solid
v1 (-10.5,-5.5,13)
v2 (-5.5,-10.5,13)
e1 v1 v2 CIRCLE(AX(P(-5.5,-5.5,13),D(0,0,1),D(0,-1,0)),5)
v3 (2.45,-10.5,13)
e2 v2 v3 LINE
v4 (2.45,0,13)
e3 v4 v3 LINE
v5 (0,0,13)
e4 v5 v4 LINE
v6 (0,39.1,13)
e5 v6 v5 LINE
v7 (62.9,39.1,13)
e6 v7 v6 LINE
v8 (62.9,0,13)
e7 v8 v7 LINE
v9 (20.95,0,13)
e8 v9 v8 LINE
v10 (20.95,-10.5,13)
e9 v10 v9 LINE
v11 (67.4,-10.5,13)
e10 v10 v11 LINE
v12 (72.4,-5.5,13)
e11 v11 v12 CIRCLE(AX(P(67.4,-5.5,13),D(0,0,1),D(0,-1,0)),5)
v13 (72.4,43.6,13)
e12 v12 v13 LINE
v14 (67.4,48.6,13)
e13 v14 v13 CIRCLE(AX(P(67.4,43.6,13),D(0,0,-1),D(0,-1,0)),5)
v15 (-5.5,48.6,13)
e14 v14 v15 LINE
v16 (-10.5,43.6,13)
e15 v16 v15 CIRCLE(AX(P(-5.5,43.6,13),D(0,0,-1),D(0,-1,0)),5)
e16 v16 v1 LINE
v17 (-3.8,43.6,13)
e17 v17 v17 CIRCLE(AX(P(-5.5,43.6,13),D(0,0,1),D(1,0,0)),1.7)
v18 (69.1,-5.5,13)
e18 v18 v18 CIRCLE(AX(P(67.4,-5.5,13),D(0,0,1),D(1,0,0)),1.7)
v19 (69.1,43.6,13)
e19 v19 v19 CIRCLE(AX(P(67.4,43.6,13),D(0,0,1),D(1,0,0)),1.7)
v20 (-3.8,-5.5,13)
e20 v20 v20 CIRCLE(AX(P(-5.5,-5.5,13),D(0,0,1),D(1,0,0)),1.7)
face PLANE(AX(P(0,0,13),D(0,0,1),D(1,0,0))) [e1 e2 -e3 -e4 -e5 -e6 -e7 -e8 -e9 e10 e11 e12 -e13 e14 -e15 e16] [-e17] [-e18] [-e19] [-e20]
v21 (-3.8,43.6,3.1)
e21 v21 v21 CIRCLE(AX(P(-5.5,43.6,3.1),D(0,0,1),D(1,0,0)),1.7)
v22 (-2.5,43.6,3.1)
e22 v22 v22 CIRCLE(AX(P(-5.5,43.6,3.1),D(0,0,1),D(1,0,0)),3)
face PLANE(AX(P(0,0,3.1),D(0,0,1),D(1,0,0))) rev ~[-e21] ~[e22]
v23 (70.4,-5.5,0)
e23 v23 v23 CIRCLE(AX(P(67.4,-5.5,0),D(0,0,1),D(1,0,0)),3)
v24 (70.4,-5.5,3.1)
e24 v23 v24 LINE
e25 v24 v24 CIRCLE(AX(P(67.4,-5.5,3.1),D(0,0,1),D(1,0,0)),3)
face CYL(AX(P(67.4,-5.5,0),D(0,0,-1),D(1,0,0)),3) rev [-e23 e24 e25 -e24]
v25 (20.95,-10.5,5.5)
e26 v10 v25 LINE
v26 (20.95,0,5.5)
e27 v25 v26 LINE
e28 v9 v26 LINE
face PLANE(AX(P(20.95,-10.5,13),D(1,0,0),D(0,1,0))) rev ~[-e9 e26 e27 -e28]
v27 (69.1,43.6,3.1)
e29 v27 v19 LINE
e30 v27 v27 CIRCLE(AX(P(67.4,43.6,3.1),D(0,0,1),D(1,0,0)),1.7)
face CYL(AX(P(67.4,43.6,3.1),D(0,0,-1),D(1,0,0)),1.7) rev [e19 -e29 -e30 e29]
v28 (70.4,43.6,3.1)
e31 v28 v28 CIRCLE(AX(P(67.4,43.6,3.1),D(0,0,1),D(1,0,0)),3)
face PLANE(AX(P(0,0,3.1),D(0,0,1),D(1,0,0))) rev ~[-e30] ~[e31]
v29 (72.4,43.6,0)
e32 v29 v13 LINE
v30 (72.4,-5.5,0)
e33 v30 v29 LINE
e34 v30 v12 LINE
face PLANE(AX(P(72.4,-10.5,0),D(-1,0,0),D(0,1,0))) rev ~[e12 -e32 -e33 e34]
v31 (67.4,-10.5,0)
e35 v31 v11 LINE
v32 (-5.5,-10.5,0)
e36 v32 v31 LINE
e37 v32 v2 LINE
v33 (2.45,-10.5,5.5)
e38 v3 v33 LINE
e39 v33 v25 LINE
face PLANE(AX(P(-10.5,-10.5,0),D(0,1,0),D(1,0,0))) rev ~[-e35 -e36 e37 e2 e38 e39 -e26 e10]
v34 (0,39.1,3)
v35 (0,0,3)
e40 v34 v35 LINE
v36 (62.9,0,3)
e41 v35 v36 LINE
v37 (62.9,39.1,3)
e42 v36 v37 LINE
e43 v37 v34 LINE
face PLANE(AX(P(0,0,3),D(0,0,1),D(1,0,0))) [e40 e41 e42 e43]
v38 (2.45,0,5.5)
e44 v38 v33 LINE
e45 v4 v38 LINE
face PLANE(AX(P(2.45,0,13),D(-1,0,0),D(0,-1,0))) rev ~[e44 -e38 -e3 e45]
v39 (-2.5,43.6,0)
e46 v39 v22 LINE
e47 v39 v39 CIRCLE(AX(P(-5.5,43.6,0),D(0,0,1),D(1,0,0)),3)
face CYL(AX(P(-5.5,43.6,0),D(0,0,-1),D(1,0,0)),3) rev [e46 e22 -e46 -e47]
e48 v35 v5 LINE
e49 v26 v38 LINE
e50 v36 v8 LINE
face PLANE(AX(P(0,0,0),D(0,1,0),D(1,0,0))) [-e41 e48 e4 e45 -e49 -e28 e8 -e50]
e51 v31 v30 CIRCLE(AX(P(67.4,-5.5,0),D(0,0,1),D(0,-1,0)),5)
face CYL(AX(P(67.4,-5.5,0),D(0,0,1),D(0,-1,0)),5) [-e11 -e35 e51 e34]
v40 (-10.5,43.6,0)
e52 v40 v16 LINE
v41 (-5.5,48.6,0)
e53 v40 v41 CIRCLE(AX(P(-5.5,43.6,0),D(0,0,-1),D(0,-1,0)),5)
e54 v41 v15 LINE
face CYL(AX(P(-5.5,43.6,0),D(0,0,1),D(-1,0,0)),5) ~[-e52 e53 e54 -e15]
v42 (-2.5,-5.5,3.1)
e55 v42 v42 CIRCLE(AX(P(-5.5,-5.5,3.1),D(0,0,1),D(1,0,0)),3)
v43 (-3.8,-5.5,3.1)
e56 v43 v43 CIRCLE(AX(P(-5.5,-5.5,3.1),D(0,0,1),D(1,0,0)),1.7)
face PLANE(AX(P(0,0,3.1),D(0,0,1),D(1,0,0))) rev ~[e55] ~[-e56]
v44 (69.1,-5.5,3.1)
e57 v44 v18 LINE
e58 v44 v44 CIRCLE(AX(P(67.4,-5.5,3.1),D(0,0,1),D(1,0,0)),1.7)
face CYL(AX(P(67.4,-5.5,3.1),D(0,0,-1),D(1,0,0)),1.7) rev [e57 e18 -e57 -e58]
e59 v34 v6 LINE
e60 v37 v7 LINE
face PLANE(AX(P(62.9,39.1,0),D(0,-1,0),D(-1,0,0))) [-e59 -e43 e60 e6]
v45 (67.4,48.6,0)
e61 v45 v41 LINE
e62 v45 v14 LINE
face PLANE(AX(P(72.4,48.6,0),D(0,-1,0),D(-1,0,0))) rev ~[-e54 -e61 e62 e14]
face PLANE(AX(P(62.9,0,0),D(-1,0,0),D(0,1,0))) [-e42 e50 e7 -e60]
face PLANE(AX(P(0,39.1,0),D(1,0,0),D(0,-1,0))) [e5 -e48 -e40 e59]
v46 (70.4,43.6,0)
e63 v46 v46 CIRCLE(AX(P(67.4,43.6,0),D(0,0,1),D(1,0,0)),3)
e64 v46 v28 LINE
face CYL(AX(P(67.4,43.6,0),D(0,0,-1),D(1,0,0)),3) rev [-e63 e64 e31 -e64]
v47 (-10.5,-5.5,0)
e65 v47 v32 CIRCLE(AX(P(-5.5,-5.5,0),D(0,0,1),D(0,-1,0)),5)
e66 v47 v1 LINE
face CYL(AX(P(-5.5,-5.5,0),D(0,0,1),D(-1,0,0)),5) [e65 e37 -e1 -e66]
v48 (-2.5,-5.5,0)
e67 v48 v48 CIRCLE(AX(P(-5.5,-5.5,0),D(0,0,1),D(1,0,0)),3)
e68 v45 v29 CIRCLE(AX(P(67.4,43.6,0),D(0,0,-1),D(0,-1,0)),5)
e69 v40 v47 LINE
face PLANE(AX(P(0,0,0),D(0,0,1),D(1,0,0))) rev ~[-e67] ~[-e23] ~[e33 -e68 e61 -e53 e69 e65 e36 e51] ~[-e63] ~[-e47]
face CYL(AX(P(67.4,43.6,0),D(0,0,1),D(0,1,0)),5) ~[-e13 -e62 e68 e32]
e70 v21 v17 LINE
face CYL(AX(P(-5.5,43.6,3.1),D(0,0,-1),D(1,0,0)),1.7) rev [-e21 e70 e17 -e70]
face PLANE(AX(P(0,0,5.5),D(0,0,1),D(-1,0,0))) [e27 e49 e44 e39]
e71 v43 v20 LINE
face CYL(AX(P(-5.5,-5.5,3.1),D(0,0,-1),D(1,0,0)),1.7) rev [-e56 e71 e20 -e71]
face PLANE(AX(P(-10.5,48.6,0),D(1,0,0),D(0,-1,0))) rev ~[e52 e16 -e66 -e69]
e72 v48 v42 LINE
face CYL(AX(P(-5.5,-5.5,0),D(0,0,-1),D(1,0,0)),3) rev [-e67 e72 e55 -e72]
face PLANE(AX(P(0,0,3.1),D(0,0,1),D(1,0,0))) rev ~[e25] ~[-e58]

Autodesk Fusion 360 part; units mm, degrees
sketch "Esboço1" plane through (0, 0, 0) normal (0, 0, 1) x (1, 0, 0) in component "VibePad Gaming"
  line L0 (0, 0) -> (62.9, 0)
  line L1 (62.9, 0) -> (62.9, 39.1)
  line L2 (62.9, 39.1) -> (0, 39.1)
  line L3 (0, 39.1) -> (0, 0)
  line L4 (-10.5, -10.5) -> (72.4, -10.5)
  line L5 (72.4, -10.5) -> (72.4, 48.6)
  line L6 (72.4, 48.6) -> (-10.5, 48.6)
  line L7 (-10.5, 48.6) -> (-10.5, -10.5)
  circle A0 centre (-5.5, 43.6) radius 1.7
  circle A1 centre (67.4, 43.6) radius 1.7
  circle A2 centre (67.4, -5.5) radius 1.7
  circle A3 centre (-5.5, -5.5) radius 1.7
  circle A4 centre (67.4, -5.5) radius 3
  circle A5 centre (67.4, 43.6) radius 3
  circle A6 centre (-5.5, 43.6) radius 3
  circle A7 centre (-5.5, -5.5) radius 3
  dimension "d1" = 62.9
  dimension "d2" = 39.1
  dimension "d3" = 82.9
  dimension "d4" = 59.1
  dimension "d5" = 9.5
  dimension "d6" = 9.5
  dimension "d7" = 3.4
  dimension "d8" = 3.4
  dimension "d9" = 3.4
  dimension "d10" = 3.4
  dimension "d11" = 5
  dimension "d12" = 5
  dimension "d13" = 5
  dimension "d14" = 5
  dimension "d15" = 5
  dimension "d16" = 5
  dimension "d17" = 5
  dimension "d18" = 5
  dimension "d19" = 6
  dimension "d20" = 6
  dimension "d21" = 6
  dimension "d22" = 6
extrude "Extrusão1" add sketch "Esboço1" along normal blind 9.9 from surface at 3.1 contours A4 | A5 | A6 | A7 makes body 1 at (66.0314, 40.9304, 6.4) makes body 2 at (-2.5037, 43.4505, 9.7) makes body 3 at (66.0314, -8.1696, 6.4) makes body 4 at (-2.5037, -5.6495, 9.7) in component "VibePad Gaming"
extrude "Extrusão2" add sketch "Esboço1" along normal blind 13 contours L4 L5 L6 L7 bodies 1 2 3 4 in component "VibePad Gaming"
extrude "Extrusão3" add sketch "Esboço1" along normal blind 3 contours L0 L1 L2 L3 bodies 1 in component "VibePad Gaming"
sketch "Esboço2" plane through (0, 0, 13) normal (0, 0, 1) x (-1, 0, 0) in component "VibePad Gaming"
  circle A0 centre (-67.4, -43.6) radius 1.7
  circle A1 centre (5.5, 5.5) radius 1.7
  line L0 (0, 0) -> (0, -39.1)
  line L1 (0, -39.1) -> (-62.9, -39.1)
  line L2 (-62.9, -39.1) -> (-62.9, 0)
  line L3 (-62.9, 0) -> (0, 0)
  line L4 (10.5, -48.6) -> (10.5, 10.5)
  line L5 (10.5, 10.5) -> (-72.4, 10.5)
  line L6 (-72.4, 10.5) -> (-72.4, -48.6)
  line L7 (-72.4, -48.6) -> (10.5, -48.6)
  circle A2 centre (5.5, -43.6) radius 1.7
  circle A3 centre (-67.4, 5.5) radius 1.7
  line L8 (-20.95, 0) -> (-2.45, 0)
  line L9 (-2.45, 0) -> (-2.45, 10.5)
  line L10 (-2.45, 10.5) -> (-20.95, 10.5)
  line L11 (-20.95, 10.5) -> (-20.95, 0)
  line L12 (10.5, -48.6) -> (10.5, 10.5)
  dimension "d30" = 18.5
  dimension "d31" = 12.95
extrude "Extrusão4" cut sketch "Esboço2" against normal blind 7.5 contours L3 L5 L8 L9 L10 L11 bodies 1 in component "VibePad Gaming"
fillet "Arredondamento1" radius 5 1 edges at (-10.5, 48.6, 6.5) on bodies 1 in component "VibePad Gaming"
fillet "Arredondamento2" radius 5 1 edges at (-10.5, -10.5, 6.5) on bodies 1 in component "VibePad Gaming"
fillet "Arredondamento3" radius 5 2 edges at (72.4, 48.6, 6.5) (72.4, -10.5, 6.5) on bodies 1 in component "VibePad Gaming"
component "VibePad Gaming" placed x (1, 0, 0) y (0, 1, 0) z (0, 0, 1) at (0, 0, 0)
